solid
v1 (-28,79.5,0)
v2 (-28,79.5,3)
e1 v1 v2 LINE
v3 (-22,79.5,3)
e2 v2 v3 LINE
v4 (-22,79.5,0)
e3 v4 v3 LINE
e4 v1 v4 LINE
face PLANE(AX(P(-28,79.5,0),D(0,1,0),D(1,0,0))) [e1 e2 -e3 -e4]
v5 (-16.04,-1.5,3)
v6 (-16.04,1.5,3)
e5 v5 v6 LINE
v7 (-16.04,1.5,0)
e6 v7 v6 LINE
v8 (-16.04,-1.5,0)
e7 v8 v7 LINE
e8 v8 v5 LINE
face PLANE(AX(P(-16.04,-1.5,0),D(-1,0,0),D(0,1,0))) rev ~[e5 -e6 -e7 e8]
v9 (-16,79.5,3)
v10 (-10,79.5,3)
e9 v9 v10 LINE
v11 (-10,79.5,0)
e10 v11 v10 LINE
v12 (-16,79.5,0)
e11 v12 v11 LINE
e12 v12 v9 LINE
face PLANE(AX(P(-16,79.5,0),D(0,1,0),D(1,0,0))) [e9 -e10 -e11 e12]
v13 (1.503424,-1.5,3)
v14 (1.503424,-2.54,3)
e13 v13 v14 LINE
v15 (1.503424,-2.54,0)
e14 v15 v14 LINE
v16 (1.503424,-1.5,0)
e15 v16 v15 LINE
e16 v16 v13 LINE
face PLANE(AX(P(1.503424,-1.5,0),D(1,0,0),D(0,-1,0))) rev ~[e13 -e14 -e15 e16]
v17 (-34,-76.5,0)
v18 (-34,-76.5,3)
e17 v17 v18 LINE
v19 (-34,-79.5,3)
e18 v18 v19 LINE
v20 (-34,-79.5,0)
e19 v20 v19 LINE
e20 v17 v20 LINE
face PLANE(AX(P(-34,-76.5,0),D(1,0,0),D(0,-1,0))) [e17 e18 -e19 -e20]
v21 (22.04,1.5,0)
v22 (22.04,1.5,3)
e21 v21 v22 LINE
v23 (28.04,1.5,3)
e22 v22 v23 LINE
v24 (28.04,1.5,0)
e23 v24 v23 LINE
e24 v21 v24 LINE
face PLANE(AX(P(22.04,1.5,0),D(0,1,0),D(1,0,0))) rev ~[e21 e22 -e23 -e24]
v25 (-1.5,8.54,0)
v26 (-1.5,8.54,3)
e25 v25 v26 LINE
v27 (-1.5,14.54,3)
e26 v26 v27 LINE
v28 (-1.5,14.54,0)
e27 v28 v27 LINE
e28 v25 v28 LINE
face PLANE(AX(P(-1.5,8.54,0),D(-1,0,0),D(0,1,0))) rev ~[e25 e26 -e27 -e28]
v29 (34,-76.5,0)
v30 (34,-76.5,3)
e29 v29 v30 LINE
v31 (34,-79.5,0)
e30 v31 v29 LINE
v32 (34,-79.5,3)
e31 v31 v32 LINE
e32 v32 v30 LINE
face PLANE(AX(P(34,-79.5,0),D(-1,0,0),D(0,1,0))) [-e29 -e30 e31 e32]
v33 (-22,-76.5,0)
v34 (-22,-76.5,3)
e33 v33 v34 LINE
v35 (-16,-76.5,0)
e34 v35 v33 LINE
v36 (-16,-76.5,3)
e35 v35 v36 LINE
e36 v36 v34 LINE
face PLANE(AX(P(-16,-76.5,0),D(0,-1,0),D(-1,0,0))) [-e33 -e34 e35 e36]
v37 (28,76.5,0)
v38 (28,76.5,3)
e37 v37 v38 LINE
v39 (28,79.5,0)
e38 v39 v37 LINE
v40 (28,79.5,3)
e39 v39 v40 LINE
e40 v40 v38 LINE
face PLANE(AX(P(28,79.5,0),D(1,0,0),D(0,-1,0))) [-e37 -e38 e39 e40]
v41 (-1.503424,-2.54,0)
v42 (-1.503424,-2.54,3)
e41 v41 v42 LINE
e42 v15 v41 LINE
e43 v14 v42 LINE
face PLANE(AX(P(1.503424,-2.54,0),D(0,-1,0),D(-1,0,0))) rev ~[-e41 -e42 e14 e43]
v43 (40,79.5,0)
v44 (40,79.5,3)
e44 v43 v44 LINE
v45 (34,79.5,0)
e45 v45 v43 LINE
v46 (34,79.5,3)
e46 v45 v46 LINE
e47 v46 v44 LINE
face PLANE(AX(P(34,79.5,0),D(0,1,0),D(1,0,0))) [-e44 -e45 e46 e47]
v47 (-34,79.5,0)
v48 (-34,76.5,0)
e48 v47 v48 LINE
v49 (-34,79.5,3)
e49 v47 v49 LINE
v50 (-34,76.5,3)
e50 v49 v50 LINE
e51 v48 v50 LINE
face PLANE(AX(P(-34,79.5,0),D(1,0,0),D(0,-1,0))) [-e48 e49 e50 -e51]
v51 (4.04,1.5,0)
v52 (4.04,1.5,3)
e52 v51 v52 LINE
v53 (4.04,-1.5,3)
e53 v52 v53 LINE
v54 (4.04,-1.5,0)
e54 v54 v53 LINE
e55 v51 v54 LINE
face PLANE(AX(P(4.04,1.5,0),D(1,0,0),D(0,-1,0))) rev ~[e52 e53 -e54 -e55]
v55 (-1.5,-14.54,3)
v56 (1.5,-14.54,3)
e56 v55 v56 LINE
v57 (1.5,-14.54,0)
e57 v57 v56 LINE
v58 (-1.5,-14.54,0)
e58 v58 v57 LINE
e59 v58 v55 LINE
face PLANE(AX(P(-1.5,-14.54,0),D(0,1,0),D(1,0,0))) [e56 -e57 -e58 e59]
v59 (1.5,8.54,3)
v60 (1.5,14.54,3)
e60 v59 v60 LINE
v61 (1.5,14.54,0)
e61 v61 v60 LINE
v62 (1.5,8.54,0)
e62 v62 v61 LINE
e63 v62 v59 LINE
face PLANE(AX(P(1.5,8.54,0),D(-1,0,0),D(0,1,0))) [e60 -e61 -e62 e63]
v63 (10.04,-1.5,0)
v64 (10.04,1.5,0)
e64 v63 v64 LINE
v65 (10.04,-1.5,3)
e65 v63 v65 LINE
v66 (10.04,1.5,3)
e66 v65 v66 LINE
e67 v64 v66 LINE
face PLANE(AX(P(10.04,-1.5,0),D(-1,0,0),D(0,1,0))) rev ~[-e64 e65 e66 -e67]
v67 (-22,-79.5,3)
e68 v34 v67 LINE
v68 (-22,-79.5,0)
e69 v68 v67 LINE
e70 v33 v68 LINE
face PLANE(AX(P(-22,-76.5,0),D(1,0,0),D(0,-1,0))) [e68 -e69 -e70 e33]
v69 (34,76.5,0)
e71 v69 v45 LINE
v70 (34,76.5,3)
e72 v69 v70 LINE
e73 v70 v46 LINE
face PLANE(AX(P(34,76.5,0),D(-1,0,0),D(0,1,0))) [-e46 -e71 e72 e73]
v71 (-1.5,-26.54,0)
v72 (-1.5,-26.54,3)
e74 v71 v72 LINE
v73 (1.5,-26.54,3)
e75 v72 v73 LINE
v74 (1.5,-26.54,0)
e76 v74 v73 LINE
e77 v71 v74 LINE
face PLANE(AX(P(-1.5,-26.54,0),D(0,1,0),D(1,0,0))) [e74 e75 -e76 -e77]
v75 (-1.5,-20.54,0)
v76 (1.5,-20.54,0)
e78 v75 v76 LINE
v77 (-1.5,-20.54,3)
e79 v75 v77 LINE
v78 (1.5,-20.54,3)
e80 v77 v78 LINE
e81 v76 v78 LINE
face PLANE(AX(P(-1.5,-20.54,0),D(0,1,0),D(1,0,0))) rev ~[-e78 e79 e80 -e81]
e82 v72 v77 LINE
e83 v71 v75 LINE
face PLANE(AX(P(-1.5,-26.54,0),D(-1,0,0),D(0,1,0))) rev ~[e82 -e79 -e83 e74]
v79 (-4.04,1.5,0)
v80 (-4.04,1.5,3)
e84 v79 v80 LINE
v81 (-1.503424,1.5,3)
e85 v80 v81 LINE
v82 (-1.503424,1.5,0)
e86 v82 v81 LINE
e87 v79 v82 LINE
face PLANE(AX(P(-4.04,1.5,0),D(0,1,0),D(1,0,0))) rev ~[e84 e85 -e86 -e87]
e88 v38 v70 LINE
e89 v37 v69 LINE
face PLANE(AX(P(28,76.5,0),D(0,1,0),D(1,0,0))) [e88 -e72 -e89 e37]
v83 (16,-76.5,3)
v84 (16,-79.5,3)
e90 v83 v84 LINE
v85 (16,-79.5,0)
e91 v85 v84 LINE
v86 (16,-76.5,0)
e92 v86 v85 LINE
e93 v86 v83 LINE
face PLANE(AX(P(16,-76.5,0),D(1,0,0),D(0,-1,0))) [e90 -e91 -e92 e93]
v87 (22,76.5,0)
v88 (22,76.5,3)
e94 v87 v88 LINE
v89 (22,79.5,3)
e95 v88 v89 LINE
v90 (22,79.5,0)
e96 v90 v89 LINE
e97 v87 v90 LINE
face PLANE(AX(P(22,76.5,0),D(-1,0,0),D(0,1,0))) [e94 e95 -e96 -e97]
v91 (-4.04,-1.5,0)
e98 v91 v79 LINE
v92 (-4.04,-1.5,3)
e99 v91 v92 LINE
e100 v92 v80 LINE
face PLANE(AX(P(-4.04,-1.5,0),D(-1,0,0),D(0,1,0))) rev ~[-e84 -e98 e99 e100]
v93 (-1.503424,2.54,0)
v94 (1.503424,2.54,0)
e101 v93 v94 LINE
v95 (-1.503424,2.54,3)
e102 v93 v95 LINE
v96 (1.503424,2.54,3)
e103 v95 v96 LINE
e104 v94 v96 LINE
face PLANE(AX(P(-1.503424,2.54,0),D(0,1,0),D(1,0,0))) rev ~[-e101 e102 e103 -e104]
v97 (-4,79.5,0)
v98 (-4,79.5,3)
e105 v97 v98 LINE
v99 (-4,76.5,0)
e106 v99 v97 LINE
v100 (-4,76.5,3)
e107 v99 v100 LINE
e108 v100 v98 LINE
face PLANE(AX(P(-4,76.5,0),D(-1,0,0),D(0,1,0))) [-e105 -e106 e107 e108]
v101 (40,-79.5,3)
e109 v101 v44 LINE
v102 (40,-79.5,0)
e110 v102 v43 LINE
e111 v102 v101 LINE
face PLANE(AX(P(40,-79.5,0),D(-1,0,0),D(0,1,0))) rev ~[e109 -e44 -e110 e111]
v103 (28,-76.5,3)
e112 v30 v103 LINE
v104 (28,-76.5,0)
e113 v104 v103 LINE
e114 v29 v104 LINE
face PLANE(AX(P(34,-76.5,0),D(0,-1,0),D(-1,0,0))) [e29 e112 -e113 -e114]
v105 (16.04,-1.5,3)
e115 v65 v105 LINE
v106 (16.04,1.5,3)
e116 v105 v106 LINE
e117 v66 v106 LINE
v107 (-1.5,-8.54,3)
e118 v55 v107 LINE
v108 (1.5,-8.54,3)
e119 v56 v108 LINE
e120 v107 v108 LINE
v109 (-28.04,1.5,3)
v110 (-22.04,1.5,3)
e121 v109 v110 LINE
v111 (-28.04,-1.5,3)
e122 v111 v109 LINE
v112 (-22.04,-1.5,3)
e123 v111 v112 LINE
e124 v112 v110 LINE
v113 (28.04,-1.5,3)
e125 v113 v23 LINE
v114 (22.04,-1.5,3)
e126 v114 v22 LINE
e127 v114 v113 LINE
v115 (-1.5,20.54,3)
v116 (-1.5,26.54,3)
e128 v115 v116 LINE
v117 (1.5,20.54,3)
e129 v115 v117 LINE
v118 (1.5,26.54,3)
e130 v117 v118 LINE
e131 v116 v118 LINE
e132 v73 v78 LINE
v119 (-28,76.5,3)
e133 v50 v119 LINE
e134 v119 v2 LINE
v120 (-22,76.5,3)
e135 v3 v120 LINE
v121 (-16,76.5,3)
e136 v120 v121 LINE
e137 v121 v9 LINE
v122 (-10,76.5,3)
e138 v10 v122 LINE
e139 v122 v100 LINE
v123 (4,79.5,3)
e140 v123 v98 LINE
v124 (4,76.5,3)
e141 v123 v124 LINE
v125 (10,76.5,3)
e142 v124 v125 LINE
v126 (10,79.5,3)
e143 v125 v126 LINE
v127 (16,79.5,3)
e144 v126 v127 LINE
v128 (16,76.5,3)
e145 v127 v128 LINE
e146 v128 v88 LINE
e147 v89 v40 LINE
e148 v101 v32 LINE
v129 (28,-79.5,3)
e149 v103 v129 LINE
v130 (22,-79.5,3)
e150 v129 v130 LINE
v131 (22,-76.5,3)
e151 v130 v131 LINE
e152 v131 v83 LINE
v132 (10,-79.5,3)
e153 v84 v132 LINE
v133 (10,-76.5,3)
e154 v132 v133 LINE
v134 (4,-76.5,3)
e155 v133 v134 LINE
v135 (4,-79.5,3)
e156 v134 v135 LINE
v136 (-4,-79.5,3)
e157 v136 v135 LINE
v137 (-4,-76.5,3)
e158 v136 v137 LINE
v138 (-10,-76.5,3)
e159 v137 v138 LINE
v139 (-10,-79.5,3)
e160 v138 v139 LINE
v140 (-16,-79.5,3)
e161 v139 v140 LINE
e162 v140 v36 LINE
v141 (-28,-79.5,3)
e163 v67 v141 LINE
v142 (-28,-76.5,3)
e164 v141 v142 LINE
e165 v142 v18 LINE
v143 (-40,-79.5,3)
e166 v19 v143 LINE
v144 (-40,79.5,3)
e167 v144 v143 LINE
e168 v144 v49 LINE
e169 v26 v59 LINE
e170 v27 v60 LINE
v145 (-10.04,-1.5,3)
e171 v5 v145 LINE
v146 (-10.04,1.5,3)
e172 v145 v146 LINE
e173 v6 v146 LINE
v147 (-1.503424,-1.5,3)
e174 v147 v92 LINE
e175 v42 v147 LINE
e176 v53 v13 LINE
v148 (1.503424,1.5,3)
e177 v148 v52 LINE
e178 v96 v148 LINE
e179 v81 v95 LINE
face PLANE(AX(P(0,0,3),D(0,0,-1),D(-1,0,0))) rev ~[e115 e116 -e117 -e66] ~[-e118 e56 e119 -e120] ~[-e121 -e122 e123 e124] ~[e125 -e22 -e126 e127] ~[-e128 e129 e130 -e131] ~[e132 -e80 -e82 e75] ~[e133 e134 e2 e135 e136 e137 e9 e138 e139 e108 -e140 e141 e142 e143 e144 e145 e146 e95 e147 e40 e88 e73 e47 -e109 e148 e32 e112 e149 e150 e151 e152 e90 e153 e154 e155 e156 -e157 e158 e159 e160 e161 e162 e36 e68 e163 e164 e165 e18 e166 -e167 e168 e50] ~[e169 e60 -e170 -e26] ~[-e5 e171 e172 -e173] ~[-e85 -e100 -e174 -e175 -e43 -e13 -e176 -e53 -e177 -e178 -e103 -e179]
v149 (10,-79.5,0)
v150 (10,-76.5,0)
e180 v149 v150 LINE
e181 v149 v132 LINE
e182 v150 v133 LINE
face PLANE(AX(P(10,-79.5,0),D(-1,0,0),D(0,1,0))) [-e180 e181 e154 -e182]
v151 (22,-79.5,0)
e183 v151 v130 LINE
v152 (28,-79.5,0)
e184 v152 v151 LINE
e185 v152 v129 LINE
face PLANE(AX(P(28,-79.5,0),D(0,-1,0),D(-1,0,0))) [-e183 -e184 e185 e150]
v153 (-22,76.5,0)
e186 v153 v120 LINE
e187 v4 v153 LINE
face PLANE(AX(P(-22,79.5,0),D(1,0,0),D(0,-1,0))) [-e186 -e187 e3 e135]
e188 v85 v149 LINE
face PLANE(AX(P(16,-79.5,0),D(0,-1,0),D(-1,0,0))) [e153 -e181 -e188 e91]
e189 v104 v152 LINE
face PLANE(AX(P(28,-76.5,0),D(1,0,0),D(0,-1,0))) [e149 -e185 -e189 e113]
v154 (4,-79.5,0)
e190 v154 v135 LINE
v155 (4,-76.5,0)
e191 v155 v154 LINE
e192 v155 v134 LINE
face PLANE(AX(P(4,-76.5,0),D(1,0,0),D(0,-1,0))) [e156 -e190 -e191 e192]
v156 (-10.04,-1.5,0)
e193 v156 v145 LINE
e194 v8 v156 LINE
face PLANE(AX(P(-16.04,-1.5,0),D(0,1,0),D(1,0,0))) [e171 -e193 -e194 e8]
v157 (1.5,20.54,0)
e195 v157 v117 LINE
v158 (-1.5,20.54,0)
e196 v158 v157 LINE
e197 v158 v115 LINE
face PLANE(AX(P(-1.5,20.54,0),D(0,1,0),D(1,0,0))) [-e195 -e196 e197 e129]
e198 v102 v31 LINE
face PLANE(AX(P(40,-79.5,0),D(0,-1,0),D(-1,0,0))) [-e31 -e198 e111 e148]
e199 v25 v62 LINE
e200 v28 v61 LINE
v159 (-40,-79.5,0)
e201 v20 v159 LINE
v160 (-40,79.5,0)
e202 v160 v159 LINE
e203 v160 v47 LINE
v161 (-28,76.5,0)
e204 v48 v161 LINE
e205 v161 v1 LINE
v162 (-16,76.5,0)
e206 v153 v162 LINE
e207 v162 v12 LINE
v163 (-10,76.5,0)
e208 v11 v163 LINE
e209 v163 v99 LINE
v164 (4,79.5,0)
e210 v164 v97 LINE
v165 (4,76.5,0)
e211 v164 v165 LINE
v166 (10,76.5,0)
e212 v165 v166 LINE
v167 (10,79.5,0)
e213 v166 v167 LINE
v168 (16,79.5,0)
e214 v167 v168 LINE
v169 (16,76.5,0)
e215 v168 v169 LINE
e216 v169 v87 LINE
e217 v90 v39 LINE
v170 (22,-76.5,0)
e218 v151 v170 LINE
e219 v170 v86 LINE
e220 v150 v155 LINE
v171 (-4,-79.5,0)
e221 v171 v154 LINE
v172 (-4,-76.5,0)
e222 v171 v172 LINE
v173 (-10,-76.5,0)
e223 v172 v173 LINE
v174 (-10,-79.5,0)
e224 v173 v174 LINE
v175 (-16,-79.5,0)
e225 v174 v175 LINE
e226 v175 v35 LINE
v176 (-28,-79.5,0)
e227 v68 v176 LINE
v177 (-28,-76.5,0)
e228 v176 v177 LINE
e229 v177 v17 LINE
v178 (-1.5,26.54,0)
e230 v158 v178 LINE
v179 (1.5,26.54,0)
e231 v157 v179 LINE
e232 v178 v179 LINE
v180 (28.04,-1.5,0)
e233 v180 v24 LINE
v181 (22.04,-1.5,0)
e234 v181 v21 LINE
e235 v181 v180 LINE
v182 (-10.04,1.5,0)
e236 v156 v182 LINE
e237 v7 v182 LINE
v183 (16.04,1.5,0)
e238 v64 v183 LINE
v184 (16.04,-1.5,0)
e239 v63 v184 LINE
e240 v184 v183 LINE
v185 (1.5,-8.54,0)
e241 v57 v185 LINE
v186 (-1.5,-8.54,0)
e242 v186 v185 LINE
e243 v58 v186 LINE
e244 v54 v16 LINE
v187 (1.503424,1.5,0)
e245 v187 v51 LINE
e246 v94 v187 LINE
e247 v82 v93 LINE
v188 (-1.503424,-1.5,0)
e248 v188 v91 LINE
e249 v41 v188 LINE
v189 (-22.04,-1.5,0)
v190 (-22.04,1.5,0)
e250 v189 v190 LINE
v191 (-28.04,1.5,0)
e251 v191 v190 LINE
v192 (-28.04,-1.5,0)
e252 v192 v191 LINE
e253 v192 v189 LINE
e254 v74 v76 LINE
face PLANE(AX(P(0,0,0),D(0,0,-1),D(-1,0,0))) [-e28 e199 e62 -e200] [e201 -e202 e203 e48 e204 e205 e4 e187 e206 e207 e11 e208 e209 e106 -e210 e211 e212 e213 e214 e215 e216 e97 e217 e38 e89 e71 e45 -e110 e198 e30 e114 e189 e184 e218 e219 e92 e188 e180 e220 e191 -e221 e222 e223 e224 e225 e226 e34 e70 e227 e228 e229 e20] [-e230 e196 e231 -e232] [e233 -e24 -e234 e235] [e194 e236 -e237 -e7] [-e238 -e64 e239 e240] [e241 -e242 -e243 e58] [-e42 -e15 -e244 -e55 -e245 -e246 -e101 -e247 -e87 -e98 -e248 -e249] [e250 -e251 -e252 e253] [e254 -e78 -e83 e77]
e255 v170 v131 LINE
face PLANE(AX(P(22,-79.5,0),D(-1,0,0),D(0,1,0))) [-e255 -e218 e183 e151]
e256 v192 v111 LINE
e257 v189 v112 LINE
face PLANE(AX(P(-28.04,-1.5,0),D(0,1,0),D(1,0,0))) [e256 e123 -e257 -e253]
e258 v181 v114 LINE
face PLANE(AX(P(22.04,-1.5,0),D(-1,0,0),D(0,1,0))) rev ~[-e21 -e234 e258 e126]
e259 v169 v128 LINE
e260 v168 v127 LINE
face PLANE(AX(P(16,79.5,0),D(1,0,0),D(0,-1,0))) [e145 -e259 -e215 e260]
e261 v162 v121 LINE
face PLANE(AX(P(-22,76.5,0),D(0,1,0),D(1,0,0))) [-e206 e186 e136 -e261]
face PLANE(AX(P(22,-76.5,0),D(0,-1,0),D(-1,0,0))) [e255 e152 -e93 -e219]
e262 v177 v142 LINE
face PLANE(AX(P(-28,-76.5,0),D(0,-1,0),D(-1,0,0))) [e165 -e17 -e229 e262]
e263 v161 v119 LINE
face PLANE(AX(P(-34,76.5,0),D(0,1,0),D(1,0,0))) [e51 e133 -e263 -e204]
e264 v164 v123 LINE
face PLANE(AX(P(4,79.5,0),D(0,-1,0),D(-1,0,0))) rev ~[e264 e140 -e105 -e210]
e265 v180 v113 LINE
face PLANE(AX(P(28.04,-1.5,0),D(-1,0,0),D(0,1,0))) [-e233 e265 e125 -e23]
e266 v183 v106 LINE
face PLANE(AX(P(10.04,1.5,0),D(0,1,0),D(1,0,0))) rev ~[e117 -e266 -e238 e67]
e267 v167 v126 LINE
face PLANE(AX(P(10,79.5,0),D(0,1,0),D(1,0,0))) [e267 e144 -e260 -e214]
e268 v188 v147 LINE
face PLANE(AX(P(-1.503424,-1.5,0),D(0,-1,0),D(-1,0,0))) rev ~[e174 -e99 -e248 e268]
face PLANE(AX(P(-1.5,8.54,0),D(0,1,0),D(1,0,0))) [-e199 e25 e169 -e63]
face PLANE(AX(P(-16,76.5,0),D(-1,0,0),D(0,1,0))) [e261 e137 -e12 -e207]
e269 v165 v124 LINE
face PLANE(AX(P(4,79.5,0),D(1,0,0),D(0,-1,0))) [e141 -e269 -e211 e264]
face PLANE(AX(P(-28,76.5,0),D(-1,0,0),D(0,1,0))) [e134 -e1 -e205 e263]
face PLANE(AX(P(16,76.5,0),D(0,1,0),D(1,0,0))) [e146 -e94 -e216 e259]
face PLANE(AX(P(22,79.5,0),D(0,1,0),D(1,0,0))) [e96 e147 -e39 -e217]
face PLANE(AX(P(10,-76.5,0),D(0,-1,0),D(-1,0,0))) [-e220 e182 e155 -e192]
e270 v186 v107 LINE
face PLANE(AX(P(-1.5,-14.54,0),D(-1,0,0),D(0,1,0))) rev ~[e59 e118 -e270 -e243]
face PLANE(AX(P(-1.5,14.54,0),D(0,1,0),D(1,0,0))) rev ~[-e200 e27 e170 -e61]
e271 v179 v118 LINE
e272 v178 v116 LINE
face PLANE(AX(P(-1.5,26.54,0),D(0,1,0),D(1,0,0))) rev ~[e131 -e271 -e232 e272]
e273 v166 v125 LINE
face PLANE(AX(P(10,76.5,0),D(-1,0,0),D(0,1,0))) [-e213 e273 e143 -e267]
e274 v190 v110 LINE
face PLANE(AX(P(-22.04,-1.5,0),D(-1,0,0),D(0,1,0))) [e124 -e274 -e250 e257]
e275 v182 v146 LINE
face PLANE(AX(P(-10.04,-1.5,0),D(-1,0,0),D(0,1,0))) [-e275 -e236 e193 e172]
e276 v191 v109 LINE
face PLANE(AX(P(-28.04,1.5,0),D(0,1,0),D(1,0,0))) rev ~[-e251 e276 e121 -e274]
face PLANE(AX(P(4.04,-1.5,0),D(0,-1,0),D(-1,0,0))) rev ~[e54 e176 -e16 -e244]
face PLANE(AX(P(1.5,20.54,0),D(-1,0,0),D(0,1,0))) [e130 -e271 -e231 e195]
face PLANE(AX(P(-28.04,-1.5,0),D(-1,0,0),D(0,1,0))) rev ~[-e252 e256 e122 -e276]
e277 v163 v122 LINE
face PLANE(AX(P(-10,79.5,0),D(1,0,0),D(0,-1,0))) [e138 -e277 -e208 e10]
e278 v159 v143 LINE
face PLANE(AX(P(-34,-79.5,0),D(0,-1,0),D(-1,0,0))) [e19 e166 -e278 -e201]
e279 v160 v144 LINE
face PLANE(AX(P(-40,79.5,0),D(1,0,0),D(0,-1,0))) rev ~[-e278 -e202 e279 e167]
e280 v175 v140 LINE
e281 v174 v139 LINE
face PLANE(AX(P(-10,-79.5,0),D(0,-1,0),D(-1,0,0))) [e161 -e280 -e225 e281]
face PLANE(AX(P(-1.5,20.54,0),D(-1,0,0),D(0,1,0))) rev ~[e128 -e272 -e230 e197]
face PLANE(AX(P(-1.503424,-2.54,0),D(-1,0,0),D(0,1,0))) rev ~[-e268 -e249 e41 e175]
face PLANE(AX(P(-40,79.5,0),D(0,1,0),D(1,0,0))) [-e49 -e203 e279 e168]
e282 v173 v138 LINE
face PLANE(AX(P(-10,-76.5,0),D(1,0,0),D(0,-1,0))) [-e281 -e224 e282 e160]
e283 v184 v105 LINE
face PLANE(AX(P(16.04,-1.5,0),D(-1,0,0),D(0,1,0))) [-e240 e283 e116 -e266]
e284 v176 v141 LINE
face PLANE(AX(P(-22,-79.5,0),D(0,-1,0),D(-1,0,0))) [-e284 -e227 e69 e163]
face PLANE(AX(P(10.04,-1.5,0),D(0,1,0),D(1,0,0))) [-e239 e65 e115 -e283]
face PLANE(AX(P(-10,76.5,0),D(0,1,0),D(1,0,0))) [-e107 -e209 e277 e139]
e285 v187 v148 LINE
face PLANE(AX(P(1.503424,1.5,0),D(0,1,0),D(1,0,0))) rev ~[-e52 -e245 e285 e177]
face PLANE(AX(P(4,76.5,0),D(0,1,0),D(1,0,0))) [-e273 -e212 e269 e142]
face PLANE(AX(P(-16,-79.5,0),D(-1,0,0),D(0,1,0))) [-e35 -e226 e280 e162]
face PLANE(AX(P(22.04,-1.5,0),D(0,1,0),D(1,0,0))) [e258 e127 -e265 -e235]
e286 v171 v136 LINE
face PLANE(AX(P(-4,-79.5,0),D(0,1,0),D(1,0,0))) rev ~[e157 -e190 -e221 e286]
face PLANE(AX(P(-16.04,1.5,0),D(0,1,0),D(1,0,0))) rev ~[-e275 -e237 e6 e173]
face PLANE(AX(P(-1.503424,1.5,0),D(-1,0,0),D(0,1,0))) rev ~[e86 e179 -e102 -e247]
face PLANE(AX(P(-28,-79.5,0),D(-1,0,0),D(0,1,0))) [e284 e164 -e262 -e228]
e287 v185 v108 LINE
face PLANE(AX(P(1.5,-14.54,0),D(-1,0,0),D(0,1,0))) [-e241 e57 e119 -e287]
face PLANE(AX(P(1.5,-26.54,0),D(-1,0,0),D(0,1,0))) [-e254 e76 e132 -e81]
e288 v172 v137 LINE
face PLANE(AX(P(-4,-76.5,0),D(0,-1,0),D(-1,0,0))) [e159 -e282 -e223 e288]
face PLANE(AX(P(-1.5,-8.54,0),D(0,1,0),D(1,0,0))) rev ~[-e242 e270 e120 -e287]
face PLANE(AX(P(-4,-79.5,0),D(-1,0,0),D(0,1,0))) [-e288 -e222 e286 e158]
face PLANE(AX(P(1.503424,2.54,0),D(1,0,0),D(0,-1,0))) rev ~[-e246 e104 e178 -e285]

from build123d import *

# Parameters (mm, degrees)
SKETCH1_W           = 6
SKETCH1_H           = 3
SKETCH1_W_2         = 3
SKETCH1_H_2         = 6
BOSS_EXTRUDE1_DEPTH = 3


with BuildPart() as part:
    # Sketch1 → Boss-Extrude1 (new body)
    with BuildSketch(Plane.XY):
        Polygon((-34, 76.5), (-28, 76.5), (-28, 79.5), (-22, 79.5), (-22, 76.5), (-16, 76.5), (-16, 79.5), (-10, 79.5), (-10, 76.5), (-4, 76.5), (-4, 79.5), (0, 79.5), (4, 79.5), (4, 76.5), (10, 76.5), (10, 79.5), (16, 79.5), (16, 76.5), (22, 76.5), (22, 79.5), (28, 79.5), (28, 76.5), (34, 76.5), (34, 79.5), (40, 79.5), (40, 76.5), (40, -76.5), (40, -79.5), (34, -79.5), (34, -76.5), (28, -76.5), (28, -79.5), (22, -79.5), (22, -76.5), (16, -76.5), (16, -79.5), (10, -79.5), (10, -76.5), (4, -76.5), (4, -79.5), (0, -79.5), (-4, -79.5), (-4, -76.5), (-10, -76.5), (-10, -79.5), (-16, -79.5), (-16, -76.5), (-22, -76.5), (-22, -79.5), (-28, -79.5), (-28, -76.5), (-34, -76.5), (-34, -79.5), (-40, -79.5), (-40, -76.5), (-40, 76.5), (-40, 79.5), (-34, 79.5), align=None)
        Polygon((-1.503424482, 2.54), (1.503424482, 2.54), (1.503424482, 1.5), (4.04, 1.5), (4.04, -1.5), (1.503424482, -1.5), (1.503424482, -2.54), (-1.503424482, -2.54), (-1.503424482, -1.5), (-4.04, -1.5), (-4.04, 1.5), (-1.503424482, 1.5), align=None, mode=Mode.SUBTRACT)
        with Locations((25.04, 0)):
            Rectangle(SKETCH1_W, SKETCH1_H, mode=Mode.SUBTRACT)
        with Locations((-13.04, 0)):
            Rectangle(SKETCH1_W, SKETCH1_H, mode=Mode.SUBTRACT)
        with Locations((-25.04, 0)):
            Rectangle(SKETCH1_W, SKETCH1_H, mode=Mode.SUBTRACT)
        with Locations((13.04, 0)):
            Rectangle(SKETCH1_W, SKETCH1_H, mode=Mode.SUBTRACT)
        with Locations((0, -23.54)):
            Rectangle(SKETCH1_W_2, SKETCH1_H_2, mode=Mode.SUBTRACT)
        with Locations((0, 11.54)):
            Rectangle(SKETCH1_W_2, SKETCH1_H_2, mode=Mode.SUBTRACT)
        with Locations((0, 23.54)):
            Rectangle(SKETCH1_W_2, SKETCH1_H_2, mode=Mode.SUBTRACT)
        with Locations((0, -11.54)):
            Rectangle(SKETCH1_W_2, SKETCH1_H_2, mode=Mode.SUBTRACT)
    extrude(amount=BOSS_EXTRUDE1_DEPTH)


solid = part.part
